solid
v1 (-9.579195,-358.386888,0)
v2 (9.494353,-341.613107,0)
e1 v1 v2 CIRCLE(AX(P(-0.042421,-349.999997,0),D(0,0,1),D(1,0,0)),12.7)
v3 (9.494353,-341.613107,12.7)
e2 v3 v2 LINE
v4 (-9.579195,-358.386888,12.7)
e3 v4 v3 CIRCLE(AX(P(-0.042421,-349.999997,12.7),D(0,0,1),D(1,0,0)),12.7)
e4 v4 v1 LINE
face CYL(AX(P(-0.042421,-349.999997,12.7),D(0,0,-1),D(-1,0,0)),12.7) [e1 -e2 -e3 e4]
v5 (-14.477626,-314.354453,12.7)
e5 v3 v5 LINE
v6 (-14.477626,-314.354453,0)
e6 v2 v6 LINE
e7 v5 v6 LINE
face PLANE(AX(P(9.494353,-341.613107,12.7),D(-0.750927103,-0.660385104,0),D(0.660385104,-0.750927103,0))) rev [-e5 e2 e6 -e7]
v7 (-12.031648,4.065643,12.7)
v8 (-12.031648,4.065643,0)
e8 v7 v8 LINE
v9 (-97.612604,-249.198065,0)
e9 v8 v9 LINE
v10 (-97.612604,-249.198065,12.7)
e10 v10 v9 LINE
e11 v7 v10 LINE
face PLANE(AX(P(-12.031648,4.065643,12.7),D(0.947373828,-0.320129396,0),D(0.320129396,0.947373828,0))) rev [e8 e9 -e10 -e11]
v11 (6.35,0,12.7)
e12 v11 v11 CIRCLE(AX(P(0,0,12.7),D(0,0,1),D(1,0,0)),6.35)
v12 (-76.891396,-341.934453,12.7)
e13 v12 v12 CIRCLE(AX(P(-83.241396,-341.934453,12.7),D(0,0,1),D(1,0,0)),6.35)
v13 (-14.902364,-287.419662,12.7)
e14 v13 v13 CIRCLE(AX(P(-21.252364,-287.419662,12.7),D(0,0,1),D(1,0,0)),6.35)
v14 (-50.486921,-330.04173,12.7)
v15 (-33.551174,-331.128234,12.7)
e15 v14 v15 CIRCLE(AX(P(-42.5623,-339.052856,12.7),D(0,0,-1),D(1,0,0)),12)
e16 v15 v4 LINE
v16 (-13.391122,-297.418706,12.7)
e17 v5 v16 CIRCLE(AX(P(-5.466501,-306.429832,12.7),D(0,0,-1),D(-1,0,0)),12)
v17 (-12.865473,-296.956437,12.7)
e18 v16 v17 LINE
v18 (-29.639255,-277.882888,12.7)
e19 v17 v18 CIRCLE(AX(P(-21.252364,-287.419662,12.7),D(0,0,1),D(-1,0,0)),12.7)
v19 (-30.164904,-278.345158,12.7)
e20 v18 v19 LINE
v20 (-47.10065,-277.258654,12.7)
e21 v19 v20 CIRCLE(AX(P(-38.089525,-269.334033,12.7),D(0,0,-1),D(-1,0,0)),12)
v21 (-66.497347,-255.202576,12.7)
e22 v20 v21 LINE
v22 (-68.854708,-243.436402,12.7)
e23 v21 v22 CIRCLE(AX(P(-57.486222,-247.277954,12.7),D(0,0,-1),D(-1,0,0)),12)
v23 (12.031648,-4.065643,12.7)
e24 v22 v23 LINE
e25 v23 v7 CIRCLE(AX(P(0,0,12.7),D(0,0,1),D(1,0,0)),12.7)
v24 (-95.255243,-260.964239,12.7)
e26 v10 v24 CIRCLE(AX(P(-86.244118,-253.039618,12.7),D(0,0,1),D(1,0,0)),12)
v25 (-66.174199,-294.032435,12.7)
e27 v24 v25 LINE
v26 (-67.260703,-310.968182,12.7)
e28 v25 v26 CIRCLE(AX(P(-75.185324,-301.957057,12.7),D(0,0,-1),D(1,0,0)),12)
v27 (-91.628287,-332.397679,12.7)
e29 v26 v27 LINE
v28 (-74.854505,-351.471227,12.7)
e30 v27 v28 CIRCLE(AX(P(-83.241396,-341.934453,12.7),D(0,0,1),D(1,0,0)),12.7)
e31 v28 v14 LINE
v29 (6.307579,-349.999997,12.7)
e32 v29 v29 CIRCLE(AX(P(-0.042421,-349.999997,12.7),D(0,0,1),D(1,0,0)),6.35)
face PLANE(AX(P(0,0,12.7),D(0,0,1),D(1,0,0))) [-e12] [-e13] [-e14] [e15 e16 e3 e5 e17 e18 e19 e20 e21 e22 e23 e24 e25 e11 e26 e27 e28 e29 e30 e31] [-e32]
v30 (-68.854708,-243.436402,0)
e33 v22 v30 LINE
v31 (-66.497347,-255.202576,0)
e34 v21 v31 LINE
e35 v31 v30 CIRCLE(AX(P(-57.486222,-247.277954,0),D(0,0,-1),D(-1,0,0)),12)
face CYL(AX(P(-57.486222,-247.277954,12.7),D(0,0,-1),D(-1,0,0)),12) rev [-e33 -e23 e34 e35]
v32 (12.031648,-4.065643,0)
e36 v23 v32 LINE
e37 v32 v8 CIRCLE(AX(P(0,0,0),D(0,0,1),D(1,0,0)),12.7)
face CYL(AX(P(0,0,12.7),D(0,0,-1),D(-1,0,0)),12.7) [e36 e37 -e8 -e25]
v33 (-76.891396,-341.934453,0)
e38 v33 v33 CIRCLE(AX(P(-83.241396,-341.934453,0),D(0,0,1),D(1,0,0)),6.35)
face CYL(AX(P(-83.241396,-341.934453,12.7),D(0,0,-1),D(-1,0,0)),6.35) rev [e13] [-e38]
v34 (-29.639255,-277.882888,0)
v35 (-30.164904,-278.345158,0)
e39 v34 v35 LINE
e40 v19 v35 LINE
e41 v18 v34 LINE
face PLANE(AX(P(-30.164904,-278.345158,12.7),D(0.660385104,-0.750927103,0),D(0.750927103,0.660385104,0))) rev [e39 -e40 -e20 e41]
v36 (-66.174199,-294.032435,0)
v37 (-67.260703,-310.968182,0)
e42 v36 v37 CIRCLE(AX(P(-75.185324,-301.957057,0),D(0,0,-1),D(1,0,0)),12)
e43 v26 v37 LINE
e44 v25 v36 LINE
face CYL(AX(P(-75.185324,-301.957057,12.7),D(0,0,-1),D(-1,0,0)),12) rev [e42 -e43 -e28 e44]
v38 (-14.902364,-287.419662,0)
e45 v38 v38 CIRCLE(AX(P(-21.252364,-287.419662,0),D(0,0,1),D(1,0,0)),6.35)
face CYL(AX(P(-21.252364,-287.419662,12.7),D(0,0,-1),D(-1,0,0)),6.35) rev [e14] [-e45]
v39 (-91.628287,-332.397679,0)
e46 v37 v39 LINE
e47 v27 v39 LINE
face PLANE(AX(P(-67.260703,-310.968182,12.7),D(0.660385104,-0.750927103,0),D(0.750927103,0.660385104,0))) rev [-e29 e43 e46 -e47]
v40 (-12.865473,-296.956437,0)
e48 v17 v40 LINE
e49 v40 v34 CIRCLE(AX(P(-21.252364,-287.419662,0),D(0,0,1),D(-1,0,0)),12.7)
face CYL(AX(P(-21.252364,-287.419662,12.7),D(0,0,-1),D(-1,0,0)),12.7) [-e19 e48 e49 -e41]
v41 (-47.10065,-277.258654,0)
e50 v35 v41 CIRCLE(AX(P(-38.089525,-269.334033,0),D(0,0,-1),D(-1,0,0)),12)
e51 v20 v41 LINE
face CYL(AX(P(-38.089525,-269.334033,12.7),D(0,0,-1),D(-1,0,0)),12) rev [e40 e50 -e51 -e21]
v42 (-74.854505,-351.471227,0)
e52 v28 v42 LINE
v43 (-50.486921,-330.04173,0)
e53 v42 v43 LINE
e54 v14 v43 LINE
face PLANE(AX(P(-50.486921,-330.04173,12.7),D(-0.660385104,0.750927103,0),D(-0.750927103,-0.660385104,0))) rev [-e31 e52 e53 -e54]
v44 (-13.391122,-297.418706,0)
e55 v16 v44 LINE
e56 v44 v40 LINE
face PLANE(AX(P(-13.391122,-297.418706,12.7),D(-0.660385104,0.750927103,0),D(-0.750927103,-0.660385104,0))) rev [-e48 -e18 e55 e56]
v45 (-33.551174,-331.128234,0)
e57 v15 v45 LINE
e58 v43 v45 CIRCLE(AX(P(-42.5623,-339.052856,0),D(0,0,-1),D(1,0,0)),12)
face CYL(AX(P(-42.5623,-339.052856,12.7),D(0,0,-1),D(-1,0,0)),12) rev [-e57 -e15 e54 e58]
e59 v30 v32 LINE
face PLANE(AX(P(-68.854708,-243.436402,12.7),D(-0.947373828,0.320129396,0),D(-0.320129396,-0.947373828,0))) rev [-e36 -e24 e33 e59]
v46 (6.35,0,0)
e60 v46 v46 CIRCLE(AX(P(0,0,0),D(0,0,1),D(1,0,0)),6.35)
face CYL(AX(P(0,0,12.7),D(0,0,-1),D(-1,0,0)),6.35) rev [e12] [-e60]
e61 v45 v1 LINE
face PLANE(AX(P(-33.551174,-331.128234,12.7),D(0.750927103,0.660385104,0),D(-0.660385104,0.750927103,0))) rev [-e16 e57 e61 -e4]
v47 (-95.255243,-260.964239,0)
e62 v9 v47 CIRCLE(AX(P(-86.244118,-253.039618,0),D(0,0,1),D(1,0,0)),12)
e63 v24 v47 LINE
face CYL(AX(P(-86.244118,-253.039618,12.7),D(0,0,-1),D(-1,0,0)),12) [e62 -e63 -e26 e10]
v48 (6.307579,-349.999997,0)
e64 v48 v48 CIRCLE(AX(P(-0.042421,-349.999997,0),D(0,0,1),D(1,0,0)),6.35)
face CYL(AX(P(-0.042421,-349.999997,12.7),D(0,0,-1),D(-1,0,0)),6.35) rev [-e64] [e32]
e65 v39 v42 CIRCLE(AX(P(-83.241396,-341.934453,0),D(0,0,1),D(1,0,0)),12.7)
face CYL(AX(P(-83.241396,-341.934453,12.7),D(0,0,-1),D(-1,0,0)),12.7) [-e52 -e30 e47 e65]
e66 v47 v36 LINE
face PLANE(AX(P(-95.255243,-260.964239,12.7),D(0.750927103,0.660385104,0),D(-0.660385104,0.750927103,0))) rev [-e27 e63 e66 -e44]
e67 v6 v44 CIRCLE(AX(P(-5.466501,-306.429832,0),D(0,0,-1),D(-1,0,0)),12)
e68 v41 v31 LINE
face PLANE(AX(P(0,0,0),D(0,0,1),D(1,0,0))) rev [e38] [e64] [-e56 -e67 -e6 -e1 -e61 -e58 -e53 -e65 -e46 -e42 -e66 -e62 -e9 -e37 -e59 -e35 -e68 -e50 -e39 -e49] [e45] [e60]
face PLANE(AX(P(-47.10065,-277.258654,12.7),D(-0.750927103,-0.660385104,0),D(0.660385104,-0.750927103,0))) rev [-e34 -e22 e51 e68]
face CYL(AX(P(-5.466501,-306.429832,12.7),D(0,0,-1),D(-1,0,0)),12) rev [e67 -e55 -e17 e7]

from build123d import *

# Parameters (mm, degrees)
SKETCH1_R           = 6.35
BOSS_EXTRUDE2_DEPTH = 12.7


with BuildPart() as part:
    # Sketch1 → Boss-Extrude2 (new body)
    with BuildSketch(Plane.XY):
        with BuildLine():
            Line((-12.031647615, 4.065643329), (-97.612603668, -249.198064906))
            ThreePointArc((-97.612603668, -249.198064906), (-98.010291731, -255.396978352), (-95.255242973, -260.964238904))
            Line((-95.255242973, -260.964238904), (-66.174198568, -294.032435491))
            ThreePointArc((-66.174198568, -294.032435491), (-63.209942623, -302.725331079), (-67.260702561, -310.968181978))
            Line((-67.260702561, -310.968181978), (-91.628287065, -332.397678599))
            ThreePointArc((-91.628287065, -332.397678599), (-92.778170458, -350.321343631), (-74.854505426, -351.471227024))
            Line((-74.854505426, -351.471227024), (-50.486920922, -330.041730403))
            ThreePointArc((-50.486920922, -330.041730403), (-41.794025334, -327.077474458), (-33.551174435, -331.128234397))
            Line((-33.551174435, -331.128234397), (-9.579195164, -358.386888249))
            ThreePointArc((-9.579195164, -358.386888249), (8.344469868, -359.536771642), (9.494353261, -341.61310661))
            Line((9.494353261, -341.61310661), (-14.47762601, -314.354452758))
            ThreePointArc((-14.47762601, -314.354452758), (-17.441881955, -305.66155717), (-13.391122016, -297.418706271))
            Line((-13.391122016, -297.418706271), (-12.865473044, -296.956436698))
            ThreePointArc((-12.865473044, -296.956436698), (-11.715589651, -279.032771666), (-29.639254683, -277.882888273))
            Line((-29.639254683, -277.882888273), (-30.164903655, -278.345157846))
            ThreePointArc((-30.164903655, -278.345157846), (-38.857799244, -281.309413791), (-47.100650142, -277.258653852))
            Line((-47.100650142, -277.258653852), (-66.497347204, -255.202575583))
            ThreePointArc((-66.497347204, -255.202575583), (-69.252395961, -249.635315031), (-68.854707898, -243.436401585))
            Line((-68.854707898, -243.436401585), (12.031647615, -4.065643329))
            ThreePointArc((12.031647615, -4.065643329), (4.065643329, 12.031647615), (-12.031647615, 4.065643329))
        make_face()
        with Locations((-21.252363864, -287.419662486)):
            Circle(SKETCH1_R, mode=Mode.SUBTRACT)
        with Locations((-83.241396246, -341.934452812)):
            Circle(SKETCH1_R, mode=Mode.SUBTRACT)
        with Locations((-0.042420952, -349.999997429)):
            Circle(SKETCH1_R, mode=Mode.SUBTRACT)
        Circle(SKETCH1_R, mode=Mode.SUBTRACT)
    extrude(amount=BOSS_EXTRUDE2_DEPTH)


solid = part.part
